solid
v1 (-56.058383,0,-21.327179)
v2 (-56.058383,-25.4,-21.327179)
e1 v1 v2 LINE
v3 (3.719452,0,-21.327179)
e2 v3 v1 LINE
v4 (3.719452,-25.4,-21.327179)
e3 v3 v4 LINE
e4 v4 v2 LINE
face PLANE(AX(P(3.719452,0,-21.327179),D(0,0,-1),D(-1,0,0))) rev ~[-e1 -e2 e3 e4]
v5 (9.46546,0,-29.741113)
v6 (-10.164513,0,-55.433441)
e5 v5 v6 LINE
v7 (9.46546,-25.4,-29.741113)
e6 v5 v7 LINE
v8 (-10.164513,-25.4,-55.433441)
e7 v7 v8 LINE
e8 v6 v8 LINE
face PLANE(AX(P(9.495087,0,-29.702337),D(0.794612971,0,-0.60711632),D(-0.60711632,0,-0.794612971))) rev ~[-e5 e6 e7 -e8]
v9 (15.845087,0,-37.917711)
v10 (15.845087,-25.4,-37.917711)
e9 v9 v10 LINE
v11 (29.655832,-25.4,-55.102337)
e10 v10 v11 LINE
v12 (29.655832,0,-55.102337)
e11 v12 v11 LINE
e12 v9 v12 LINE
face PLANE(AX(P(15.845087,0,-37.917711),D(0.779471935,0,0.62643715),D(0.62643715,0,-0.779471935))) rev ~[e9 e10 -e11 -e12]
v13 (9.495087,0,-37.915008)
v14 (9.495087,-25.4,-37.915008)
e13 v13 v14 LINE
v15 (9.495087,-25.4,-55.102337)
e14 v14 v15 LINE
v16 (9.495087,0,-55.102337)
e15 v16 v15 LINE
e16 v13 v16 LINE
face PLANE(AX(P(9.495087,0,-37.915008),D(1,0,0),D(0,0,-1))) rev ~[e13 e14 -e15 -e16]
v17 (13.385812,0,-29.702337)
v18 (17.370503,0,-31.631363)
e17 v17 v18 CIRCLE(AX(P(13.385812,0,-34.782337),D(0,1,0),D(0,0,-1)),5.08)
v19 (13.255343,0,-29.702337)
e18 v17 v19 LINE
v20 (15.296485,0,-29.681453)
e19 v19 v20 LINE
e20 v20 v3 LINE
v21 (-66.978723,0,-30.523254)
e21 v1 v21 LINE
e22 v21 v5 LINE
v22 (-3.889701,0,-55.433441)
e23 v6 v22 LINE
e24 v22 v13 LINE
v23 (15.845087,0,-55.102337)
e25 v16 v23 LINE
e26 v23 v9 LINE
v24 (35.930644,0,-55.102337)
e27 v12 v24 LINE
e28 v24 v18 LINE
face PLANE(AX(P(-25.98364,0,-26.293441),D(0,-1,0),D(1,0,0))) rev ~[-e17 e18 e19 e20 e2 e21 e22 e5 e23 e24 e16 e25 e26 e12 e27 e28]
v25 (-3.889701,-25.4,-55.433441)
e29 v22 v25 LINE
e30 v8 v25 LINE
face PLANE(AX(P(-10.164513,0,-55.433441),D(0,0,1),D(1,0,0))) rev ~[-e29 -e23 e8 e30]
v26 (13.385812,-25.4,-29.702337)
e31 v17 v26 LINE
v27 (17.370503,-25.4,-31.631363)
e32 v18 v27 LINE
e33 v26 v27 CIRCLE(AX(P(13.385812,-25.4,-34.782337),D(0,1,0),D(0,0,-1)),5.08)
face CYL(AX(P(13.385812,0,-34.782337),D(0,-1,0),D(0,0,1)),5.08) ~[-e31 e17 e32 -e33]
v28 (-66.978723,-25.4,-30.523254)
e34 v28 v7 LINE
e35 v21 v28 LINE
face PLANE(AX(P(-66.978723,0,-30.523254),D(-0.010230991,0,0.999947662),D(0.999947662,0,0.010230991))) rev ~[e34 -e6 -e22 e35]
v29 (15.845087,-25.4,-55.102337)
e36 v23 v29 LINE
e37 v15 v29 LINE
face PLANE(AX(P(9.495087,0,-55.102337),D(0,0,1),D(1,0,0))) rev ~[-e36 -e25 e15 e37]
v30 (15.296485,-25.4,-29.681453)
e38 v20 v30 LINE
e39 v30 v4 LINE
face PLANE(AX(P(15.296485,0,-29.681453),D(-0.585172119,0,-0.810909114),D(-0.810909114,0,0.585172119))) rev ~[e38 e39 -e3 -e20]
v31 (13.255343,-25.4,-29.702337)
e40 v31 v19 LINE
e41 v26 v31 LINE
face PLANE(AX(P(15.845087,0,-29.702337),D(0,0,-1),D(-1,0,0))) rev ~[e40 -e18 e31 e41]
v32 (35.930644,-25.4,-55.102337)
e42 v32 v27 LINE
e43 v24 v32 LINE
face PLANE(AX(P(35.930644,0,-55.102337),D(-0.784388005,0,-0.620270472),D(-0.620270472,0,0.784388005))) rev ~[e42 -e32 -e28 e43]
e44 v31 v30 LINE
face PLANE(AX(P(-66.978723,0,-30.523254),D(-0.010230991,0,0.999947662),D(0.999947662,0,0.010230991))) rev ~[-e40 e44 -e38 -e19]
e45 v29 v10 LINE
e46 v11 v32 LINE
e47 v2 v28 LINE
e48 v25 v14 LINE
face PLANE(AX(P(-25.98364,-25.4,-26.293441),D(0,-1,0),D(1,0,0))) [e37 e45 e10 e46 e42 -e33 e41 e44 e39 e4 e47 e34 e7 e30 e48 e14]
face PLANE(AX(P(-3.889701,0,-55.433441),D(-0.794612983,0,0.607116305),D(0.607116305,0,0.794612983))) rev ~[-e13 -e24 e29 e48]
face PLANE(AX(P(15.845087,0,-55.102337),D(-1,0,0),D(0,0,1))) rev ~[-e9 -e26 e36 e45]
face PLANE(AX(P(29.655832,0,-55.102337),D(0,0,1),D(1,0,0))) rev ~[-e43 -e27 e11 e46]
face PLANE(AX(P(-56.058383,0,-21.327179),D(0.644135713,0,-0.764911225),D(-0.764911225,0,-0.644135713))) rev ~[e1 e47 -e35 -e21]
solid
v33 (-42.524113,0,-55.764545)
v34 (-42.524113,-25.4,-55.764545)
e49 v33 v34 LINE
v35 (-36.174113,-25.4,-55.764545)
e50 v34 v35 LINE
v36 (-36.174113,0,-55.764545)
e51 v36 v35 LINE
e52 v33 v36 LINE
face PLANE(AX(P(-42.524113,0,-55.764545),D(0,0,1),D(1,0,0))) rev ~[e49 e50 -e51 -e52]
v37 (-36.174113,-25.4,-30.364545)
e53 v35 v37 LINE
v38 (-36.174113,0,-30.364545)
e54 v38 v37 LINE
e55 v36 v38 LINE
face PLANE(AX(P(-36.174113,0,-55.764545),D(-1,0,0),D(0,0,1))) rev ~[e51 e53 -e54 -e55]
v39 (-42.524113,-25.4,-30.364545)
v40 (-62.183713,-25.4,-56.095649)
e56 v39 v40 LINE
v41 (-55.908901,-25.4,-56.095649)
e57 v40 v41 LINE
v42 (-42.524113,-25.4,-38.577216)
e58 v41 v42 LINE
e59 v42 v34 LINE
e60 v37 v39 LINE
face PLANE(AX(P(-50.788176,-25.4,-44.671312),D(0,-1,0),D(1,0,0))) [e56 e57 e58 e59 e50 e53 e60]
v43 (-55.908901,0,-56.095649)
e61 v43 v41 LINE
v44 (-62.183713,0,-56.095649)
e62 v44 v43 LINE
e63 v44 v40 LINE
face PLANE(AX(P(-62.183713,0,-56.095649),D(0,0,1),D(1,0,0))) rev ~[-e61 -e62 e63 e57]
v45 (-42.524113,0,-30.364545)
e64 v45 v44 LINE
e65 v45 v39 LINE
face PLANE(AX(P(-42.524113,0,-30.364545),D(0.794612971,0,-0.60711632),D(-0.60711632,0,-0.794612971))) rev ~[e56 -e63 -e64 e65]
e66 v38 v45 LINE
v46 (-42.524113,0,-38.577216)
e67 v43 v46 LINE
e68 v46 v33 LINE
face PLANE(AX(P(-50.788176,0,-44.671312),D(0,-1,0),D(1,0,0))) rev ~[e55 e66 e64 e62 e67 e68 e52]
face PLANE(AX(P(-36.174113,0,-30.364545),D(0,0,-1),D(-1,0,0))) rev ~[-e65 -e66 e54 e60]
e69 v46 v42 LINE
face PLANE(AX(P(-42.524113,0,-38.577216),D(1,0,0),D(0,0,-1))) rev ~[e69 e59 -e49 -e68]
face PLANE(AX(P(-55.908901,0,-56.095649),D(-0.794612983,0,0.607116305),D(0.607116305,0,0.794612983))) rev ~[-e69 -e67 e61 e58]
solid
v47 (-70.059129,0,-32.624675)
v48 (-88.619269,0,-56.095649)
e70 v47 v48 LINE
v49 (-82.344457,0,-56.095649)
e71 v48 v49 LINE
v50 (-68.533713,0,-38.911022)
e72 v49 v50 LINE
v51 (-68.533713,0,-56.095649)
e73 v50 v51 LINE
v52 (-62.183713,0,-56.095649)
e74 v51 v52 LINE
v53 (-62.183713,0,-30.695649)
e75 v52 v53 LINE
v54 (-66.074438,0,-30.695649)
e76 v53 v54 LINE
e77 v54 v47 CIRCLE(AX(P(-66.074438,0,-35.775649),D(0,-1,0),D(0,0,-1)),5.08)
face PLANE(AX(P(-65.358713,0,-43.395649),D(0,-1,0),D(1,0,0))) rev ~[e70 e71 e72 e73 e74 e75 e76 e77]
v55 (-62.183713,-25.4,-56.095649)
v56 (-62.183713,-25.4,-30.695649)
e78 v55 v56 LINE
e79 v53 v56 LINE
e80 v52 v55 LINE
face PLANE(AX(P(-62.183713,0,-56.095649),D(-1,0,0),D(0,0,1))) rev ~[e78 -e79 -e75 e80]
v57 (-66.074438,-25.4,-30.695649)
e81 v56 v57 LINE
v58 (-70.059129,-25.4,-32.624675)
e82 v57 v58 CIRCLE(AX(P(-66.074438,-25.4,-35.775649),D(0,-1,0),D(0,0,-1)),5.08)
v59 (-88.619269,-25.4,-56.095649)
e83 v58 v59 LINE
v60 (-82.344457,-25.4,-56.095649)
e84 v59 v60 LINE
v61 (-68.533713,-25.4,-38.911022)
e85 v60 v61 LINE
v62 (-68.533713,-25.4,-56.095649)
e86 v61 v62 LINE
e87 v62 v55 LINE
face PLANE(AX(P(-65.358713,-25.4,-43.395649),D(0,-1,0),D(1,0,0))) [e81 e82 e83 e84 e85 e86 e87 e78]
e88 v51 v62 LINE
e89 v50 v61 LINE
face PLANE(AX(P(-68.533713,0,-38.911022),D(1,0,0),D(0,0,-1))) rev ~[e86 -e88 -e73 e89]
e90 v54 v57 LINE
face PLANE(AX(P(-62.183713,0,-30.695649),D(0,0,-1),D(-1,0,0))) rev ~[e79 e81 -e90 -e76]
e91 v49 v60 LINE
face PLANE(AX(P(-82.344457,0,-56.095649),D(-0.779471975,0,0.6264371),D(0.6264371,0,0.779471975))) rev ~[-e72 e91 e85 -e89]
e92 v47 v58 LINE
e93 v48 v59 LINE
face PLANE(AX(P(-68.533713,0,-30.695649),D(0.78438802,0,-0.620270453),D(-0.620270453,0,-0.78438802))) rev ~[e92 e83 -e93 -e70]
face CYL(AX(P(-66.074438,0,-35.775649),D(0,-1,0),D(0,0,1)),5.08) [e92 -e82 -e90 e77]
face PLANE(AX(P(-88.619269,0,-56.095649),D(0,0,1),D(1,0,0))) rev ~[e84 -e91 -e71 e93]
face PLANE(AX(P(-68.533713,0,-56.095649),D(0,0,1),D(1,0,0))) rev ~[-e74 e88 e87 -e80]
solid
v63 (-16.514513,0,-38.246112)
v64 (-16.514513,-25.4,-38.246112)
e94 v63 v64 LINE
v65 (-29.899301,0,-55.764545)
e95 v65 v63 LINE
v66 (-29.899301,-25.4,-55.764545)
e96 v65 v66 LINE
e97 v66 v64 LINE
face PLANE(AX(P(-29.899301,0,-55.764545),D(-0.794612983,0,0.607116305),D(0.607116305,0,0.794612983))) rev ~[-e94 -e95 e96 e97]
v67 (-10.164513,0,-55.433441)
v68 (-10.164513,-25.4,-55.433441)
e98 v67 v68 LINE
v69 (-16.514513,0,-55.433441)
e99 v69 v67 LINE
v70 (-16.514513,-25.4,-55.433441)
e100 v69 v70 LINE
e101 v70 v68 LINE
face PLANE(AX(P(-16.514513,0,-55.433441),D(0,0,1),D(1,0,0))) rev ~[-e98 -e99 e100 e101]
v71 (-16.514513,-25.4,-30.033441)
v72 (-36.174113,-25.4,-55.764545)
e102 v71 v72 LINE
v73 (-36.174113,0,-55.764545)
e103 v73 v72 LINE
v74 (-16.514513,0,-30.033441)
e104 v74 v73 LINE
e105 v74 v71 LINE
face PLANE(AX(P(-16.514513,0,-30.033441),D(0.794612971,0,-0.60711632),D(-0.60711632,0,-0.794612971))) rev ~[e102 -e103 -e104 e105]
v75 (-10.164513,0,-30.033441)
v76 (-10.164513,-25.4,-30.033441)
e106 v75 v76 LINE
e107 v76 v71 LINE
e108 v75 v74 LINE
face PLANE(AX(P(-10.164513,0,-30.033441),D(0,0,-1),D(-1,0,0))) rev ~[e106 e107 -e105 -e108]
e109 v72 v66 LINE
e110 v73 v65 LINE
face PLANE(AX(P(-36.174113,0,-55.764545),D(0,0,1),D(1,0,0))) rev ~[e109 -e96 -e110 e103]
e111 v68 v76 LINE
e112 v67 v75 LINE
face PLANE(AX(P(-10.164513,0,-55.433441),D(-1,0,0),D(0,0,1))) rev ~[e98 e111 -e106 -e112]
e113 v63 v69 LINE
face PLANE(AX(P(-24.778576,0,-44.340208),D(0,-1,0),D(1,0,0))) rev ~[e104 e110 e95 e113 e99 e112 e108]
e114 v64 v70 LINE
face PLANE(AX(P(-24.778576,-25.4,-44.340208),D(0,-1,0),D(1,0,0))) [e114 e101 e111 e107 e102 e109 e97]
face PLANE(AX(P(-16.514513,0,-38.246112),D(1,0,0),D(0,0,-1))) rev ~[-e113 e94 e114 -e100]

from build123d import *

# Parameters (mm, degrees)
F1_DEPTH = 25.4
F2_R     = 5.08
F3_R     = 5.08
F5_DEPTH = 25.4


with BuildPart() as f1:
    # F0 (on Front) → F1 (new body)
    with BuildSketch(Plane.XZ):
        Polygon((9.495087, -29.702337), (-10.164513, -55.433441), (-3.889701, -55.433441), (9.495087, -37.915008), align=None)
        Polygon((-68.533713, -56.095649), (-62.183713, -56.095649), (-62.183713, -30.695649), (-68.533713, -30.695649), (-68.533713, -38.911022), align=None)
        Polygon((35.930644, -55.102337), (15.845087, -29.702337), (15.845087, -37.917711), (29.655832, -55.102337), align=None)
        Polygon((-16.514513, -30.033441), (-36.174113, -55.764545), (-29.899301, -55.764545), (-16.514513, -38.246112), (-16.514513, -35.31459), align=None)
        Polygon((-42.524113, -30.364545), (-62.183713, -56.095649), (-55.908901, -56.095649), (-42.524113, -38.577216), align=None)
        Polygon((-10.164513, -30.033441), (-16.514513, -30.033441), (-16.514513, -35.31459), (-16.514513, -38.246112), (-16.514513, -55.433441), (-10.164513, -55.433441), align=None)
        Polygon((-82.344457, -56.095649), (-68.533713, -38.911022), (-68.533713, -30.695649), (-88.619269, -56.095649), align=None)
        Polygon((-36.174113, -30.364545), (-42.524113, -30.364545), (-42.524113, -38.577216), (-42.524113, -55.764545), (-36.174113, -55.764545), align=None)
        Polygon((15.845087, -29.702337), (9.495087, -29.702337), (9.495087, -37.915008), (9.495087, -55.102337), (15.845087, -55.102337), (15.845087, -37.917711), align=None)
    extrude(amount=F1_DEPTH)

    # F2
    f2_edges = [f1.edges().sort_by_distance(p)[0] for p in [
        (-68.533713, -12.7, -30.695649),
    ]]
    fillet(f2_edges, radius=F2_R)

    # F3
    f3_edges = [f1.edges().sort_by_distance(p)[0] for p in [
        (15.845087, -12.7, -29.702337),
    ]]
    fillet(f3_edges, radius=F3_R)

    # F4 (on Front) → F5 (join)
    with BuildSketch(Plane.XZ):
        Polygon((-56.058383, -21.327179), (-66.978723, -30.523254), (15.296485, -29.681453), (3.719452, -21.327179), align=None)
    extrude(amount=F5_DEPTH)


solid = f1.part
